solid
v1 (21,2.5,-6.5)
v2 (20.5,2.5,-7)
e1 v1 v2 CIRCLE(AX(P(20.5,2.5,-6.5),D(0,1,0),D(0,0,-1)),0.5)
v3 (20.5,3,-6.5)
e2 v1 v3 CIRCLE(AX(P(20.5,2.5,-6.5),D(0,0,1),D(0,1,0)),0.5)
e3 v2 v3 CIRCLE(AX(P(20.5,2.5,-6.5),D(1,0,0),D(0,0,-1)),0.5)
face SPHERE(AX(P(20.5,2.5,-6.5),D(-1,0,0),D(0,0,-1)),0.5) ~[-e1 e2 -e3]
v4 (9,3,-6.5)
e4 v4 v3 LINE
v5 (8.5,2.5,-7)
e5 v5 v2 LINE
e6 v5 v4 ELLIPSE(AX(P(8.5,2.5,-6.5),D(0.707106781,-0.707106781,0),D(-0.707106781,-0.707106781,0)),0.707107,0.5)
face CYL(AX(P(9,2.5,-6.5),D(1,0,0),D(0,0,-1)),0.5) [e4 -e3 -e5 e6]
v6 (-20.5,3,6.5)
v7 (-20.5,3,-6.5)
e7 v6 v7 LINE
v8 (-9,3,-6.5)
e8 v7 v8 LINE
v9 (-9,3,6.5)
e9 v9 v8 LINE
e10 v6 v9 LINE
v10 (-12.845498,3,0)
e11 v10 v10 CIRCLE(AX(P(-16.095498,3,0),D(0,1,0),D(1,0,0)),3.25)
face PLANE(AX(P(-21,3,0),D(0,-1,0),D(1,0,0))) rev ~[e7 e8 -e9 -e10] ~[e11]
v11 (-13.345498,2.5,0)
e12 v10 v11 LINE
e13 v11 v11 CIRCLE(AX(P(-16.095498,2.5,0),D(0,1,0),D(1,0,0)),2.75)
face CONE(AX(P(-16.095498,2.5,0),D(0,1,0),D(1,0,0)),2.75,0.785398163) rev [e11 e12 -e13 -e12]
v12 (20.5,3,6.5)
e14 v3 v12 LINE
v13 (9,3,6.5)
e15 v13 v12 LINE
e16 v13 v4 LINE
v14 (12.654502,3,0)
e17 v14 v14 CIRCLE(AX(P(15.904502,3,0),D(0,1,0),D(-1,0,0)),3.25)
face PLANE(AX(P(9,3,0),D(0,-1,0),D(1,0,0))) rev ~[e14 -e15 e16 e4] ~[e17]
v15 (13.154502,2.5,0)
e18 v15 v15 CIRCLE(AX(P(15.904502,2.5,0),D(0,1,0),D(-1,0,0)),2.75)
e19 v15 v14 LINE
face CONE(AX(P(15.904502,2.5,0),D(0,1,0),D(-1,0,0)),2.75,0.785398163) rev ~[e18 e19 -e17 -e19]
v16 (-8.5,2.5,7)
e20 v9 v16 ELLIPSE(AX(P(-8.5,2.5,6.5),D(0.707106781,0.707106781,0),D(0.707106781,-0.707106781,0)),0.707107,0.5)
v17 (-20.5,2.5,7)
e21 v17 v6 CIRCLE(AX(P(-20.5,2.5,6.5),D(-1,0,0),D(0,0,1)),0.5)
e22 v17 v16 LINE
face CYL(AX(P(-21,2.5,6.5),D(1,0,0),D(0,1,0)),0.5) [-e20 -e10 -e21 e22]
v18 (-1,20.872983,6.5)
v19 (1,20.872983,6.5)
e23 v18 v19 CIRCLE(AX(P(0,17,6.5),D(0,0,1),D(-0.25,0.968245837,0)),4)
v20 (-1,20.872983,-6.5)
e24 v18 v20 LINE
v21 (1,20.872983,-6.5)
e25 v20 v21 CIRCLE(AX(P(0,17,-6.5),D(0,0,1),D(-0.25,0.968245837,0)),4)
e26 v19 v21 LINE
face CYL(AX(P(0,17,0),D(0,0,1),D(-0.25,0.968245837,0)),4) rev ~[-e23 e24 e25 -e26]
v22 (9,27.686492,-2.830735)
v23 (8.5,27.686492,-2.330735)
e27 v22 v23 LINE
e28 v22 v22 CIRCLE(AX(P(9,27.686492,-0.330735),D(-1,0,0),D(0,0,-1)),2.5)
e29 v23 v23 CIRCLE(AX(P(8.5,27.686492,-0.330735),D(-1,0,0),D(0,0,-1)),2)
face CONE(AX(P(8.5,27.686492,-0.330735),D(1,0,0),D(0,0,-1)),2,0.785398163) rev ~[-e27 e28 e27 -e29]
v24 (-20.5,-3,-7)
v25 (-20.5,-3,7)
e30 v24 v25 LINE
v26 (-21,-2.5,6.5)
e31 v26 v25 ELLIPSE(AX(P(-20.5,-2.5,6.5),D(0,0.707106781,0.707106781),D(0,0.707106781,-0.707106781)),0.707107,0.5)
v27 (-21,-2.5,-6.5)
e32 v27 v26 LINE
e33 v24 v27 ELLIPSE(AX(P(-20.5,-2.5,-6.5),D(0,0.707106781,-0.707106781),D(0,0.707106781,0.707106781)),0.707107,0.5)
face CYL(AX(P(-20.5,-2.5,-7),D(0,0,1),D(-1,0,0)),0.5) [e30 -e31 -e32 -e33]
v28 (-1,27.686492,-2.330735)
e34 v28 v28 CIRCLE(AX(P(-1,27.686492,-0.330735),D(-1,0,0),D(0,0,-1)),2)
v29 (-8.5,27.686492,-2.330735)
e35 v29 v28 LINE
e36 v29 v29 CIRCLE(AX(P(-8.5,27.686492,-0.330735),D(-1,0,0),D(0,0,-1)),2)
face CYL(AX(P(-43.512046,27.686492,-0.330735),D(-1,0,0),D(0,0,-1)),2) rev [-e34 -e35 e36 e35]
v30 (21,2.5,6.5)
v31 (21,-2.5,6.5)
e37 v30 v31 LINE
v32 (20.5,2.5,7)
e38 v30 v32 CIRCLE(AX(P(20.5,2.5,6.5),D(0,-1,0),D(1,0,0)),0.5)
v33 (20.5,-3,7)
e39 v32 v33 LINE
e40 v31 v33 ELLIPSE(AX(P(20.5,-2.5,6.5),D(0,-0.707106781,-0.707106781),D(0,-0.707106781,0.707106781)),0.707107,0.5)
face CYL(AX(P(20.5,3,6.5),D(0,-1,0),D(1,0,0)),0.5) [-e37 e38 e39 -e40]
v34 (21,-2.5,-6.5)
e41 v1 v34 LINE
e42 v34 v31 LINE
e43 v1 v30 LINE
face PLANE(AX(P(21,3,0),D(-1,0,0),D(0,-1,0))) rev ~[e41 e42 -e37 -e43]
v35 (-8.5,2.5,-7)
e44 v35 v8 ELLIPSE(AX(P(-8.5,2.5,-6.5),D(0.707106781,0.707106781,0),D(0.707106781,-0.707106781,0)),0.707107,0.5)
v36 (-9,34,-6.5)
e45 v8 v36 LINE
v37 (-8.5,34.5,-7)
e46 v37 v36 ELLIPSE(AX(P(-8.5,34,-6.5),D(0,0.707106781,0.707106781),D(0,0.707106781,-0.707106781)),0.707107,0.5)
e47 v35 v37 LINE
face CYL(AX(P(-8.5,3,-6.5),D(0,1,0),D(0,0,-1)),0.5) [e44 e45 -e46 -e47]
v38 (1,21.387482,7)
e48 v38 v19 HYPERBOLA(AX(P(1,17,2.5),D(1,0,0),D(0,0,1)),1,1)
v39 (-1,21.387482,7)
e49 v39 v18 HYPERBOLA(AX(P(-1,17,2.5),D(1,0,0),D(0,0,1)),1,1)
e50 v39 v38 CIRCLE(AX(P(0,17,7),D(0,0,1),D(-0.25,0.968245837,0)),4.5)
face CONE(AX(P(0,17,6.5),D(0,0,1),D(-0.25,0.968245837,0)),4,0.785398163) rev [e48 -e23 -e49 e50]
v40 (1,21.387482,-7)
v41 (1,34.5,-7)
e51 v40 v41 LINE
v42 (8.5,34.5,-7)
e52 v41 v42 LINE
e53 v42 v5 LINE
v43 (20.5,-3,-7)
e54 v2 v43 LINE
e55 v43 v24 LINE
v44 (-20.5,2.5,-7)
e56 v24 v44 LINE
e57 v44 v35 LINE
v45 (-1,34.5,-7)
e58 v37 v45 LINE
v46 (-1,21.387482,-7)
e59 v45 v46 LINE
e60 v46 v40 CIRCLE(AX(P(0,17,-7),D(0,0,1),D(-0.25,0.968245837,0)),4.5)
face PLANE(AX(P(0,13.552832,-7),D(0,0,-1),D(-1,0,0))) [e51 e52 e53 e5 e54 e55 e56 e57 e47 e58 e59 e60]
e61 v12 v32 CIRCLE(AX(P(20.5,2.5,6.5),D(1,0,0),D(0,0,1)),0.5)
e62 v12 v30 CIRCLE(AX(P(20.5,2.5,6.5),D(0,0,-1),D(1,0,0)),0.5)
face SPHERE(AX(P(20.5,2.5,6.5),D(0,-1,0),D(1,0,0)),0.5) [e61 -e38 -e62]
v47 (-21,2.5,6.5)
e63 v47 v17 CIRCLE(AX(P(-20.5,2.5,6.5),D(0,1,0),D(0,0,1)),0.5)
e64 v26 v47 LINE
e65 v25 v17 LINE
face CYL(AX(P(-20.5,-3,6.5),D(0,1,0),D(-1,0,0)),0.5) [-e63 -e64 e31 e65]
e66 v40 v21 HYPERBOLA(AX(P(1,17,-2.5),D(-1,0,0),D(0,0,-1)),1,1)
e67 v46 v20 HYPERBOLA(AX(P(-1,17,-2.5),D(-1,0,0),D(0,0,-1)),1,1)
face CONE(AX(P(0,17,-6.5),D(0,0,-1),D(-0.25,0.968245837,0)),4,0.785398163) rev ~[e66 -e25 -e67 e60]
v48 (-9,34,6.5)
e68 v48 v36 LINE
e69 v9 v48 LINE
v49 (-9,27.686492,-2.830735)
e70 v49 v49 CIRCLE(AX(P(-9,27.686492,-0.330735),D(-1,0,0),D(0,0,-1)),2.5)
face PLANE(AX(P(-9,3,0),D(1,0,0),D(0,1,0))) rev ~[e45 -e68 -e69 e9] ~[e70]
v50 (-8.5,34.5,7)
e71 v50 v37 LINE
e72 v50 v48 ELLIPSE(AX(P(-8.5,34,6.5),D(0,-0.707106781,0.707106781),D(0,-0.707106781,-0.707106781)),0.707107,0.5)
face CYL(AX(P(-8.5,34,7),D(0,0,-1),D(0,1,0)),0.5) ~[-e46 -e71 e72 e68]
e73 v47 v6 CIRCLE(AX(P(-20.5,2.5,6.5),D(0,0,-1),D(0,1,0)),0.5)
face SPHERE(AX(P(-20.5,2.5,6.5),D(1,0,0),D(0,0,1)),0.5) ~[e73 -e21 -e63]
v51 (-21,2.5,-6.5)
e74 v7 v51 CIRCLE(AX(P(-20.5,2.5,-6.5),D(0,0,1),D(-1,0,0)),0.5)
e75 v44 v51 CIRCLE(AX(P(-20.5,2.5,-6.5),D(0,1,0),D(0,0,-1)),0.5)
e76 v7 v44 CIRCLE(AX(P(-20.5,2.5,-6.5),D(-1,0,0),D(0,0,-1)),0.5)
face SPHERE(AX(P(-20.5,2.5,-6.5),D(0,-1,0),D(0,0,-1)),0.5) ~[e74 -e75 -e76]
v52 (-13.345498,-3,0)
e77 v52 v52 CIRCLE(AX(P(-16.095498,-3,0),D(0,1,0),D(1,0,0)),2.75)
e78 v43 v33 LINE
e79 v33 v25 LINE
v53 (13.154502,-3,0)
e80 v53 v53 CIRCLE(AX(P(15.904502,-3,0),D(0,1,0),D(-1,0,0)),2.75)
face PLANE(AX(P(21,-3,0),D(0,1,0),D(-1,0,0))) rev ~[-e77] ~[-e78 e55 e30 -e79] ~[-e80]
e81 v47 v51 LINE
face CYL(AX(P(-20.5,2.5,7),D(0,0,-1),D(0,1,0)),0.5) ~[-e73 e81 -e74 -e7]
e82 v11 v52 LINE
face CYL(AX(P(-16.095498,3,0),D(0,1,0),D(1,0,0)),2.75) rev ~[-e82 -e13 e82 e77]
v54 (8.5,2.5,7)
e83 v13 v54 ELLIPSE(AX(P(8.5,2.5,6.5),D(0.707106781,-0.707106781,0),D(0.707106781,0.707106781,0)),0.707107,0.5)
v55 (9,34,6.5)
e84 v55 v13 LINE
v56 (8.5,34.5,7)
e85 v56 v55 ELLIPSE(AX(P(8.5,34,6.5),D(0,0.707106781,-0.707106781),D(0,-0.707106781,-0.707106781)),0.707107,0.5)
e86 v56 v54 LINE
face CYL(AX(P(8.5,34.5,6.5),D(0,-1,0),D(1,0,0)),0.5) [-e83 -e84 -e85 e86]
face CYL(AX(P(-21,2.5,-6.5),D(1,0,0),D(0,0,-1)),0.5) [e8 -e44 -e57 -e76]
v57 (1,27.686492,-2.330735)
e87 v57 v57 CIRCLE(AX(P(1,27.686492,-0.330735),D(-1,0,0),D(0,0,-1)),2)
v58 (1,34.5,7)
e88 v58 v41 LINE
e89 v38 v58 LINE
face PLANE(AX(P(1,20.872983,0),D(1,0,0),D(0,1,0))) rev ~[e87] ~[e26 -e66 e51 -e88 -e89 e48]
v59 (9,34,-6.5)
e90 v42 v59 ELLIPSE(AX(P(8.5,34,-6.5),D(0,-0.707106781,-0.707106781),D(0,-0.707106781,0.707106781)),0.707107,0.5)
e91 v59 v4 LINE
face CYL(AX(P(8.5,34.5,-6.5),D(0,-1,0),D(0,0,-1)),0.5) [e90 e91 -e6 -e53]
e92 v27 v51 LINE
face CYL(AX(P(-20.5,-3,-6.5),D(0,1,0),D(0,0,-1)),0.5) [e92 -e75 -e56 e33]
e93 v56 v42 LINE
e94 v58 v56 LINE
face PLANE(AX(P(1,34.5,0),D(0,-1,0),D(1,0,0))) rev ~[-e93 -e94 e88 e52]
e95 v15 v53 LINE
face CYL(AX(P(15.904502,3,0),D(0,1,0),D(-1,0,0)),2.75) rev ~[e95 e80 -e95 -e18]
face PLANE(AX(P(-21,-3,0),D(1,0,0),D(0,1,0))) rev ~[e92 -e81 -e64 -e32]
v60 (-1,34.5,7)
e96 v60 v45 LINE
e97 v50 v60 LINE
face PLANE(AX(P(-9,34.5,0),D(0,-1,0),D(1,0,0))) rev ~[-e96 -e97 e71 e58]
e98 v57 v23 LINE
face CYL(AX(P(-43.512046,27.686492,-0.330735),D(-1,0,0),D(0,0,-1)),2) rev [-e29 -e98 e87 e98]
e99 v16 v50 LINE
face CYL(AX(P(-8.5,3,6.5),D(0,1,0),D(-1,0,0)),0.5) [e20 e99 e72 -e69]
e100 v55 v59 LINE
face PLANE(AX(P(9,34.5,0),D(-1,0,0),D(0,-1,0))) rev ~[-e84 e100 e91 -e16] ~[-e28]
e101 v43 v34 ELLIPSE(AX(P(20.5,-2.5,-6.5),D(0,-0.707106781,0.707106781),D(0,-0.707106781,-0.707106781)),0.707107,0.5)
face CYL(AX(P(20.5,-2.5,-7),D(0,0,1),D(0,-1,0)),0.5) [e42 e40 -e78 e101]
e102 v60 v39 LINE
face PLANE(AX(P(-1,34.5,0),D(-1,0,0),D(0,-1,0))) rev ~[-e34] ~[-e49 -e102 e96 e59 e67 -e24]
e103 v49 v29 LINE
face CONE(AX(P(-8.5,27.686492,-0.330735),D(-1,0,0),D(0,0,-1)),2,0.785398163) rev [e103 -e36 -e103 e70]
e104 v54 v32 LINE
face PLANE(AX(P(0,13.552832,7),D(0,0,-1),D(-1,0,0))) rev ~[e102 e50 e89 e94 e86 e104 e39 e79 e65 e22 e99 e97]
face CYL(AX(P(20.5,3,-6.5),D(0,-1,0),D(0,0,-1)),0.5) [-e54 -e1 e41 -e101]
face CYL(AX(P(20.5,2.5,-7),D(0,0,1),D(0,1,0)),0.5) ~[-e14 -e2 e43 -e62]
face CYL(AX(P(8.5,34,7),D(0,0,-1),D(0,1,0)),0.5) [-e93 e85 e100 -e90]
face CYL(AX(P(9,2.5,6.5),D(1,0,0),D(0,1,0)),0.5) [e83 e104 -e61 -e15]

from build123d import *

# Parameters (mm, degrees)
BOSS_EXTRUDE1_DEPTH     = 7
SKETCH2_R               = 2.75
CUT_EXTRUDE1_DEPTH      = 39.5
CUT_EXTRUDE2_DEPTH      = 42.512046444
CUT_EXTRUDE2_DEPTH_BACK = 42.512046444
SKETCH5_R               = 2
CHAMFER2_SIZE           = 0.5
FILLET2_R               = 0.5


with BuildPart() as part:
    # Sketch1 → Boss-Extrude1 (new, symmetric)
    with BuildSketch(Plane.XY):
        with BuildLine():
            Line((-21, -3), (-21, 3))
            Line((-21, 3), (-9, 3))
            Line((-9, 3), (-9, 34.5))
            Line((-9, 34.5), (-1, 34.5))
            Line((-1, 34.5), (-1, 20.872983346))
            ThreePointArc((-1, 20.872983346), (0, 13), (1, 20.872983346))
            Line((1, 20.872983346), (1, 34.5))
            Line((1, 34.5), (9, 34.5))
            Line((9, 34.5), (9, 3))
            Line((9, 3), (21, 3))
            Line((21, 3), (21, -3))
            Line((21, -3), (-21, -3))
        make_face()
    extrude(amount=BOSS_EXTRUDE1_DEPTH, both=True)

    # Sketch2 → Cut-Extrude1 (cut, through all)
    with BuildSketch(Plane(origin=(0, 3, 0), x_dir=(1, 0, 0), z_dir=(0, 1, 0))):
        with Locations(Location((15.904501915, 0, 0), (0, 0, 180))):
            Circle(SKETCH2_R)
        with Locations((-16.095498085, 0)):
            Circle(SKETCH2_R)
    extrude(amount=-CUT_EXTRUDE1_DEPTH, mode=Mode.SUBTRACT)

    # Sketch5 → Cut-Extrude2 (cut, two sides: drawn at the far end of the back side and taken through both)
    with BuildSketch(Plane(origin=(-1, 0, 0), x_dir=(0, 0, -1), z_dir=(1, 0, 0)).offset(-CUT_EXTRUDE2_DEPTH_BACK)):
        with Locations((0.330734984, 27.686491673)):
            Circle(SKETCH5_R)
    extrude(amount=CUT_EXTRUDE2_DEPTH + CUT_EXTRUDE2_DEPTH_BACK, mode=Mode.SUBTRACT)

    # Chamfer2
    chamfer2_edges = [part.edges().sort_by_distance(p)[0] for p in [
        (0, 13, -7),
        (0, 13, 7),
        (18.654501915, 3, 0),
        (-18.845498085, 3, 0),
        (-9, 27.686491673, 1.669265016),
        (9, 27.686491673, 1.669265016),
    ]]
    chamfer(chamfer2_edges, length=CHAMFER2_SIZE)

    # Fillet2
    fillet2_edges = [part.edges().sort_by_distance(p)[0] for p in [
        (-15, 3, 7),
        (9, 18.75, -7),
        (15, 3, -7),
        (-21, 0, 7),
        (21, 0, -7),
        (-21, 0, -7),
        (-15, 3, -7),
        (-9, 18.75, -7),
        (21, 0, 7),
        (9, 34.5, 0),
        (21, 3, 0),
        (21, -3, 0),
        (-21, -3, 0),
        (-21, 3, 0),
        (-9, 34.5, 0),
        (15, 3, 7),
        (9, 18.75, 7),
        (-9, 18.75, 7),
    ]]
    fillet(fillet2_edges, radius=FILLET2_R)


solid = part.part
